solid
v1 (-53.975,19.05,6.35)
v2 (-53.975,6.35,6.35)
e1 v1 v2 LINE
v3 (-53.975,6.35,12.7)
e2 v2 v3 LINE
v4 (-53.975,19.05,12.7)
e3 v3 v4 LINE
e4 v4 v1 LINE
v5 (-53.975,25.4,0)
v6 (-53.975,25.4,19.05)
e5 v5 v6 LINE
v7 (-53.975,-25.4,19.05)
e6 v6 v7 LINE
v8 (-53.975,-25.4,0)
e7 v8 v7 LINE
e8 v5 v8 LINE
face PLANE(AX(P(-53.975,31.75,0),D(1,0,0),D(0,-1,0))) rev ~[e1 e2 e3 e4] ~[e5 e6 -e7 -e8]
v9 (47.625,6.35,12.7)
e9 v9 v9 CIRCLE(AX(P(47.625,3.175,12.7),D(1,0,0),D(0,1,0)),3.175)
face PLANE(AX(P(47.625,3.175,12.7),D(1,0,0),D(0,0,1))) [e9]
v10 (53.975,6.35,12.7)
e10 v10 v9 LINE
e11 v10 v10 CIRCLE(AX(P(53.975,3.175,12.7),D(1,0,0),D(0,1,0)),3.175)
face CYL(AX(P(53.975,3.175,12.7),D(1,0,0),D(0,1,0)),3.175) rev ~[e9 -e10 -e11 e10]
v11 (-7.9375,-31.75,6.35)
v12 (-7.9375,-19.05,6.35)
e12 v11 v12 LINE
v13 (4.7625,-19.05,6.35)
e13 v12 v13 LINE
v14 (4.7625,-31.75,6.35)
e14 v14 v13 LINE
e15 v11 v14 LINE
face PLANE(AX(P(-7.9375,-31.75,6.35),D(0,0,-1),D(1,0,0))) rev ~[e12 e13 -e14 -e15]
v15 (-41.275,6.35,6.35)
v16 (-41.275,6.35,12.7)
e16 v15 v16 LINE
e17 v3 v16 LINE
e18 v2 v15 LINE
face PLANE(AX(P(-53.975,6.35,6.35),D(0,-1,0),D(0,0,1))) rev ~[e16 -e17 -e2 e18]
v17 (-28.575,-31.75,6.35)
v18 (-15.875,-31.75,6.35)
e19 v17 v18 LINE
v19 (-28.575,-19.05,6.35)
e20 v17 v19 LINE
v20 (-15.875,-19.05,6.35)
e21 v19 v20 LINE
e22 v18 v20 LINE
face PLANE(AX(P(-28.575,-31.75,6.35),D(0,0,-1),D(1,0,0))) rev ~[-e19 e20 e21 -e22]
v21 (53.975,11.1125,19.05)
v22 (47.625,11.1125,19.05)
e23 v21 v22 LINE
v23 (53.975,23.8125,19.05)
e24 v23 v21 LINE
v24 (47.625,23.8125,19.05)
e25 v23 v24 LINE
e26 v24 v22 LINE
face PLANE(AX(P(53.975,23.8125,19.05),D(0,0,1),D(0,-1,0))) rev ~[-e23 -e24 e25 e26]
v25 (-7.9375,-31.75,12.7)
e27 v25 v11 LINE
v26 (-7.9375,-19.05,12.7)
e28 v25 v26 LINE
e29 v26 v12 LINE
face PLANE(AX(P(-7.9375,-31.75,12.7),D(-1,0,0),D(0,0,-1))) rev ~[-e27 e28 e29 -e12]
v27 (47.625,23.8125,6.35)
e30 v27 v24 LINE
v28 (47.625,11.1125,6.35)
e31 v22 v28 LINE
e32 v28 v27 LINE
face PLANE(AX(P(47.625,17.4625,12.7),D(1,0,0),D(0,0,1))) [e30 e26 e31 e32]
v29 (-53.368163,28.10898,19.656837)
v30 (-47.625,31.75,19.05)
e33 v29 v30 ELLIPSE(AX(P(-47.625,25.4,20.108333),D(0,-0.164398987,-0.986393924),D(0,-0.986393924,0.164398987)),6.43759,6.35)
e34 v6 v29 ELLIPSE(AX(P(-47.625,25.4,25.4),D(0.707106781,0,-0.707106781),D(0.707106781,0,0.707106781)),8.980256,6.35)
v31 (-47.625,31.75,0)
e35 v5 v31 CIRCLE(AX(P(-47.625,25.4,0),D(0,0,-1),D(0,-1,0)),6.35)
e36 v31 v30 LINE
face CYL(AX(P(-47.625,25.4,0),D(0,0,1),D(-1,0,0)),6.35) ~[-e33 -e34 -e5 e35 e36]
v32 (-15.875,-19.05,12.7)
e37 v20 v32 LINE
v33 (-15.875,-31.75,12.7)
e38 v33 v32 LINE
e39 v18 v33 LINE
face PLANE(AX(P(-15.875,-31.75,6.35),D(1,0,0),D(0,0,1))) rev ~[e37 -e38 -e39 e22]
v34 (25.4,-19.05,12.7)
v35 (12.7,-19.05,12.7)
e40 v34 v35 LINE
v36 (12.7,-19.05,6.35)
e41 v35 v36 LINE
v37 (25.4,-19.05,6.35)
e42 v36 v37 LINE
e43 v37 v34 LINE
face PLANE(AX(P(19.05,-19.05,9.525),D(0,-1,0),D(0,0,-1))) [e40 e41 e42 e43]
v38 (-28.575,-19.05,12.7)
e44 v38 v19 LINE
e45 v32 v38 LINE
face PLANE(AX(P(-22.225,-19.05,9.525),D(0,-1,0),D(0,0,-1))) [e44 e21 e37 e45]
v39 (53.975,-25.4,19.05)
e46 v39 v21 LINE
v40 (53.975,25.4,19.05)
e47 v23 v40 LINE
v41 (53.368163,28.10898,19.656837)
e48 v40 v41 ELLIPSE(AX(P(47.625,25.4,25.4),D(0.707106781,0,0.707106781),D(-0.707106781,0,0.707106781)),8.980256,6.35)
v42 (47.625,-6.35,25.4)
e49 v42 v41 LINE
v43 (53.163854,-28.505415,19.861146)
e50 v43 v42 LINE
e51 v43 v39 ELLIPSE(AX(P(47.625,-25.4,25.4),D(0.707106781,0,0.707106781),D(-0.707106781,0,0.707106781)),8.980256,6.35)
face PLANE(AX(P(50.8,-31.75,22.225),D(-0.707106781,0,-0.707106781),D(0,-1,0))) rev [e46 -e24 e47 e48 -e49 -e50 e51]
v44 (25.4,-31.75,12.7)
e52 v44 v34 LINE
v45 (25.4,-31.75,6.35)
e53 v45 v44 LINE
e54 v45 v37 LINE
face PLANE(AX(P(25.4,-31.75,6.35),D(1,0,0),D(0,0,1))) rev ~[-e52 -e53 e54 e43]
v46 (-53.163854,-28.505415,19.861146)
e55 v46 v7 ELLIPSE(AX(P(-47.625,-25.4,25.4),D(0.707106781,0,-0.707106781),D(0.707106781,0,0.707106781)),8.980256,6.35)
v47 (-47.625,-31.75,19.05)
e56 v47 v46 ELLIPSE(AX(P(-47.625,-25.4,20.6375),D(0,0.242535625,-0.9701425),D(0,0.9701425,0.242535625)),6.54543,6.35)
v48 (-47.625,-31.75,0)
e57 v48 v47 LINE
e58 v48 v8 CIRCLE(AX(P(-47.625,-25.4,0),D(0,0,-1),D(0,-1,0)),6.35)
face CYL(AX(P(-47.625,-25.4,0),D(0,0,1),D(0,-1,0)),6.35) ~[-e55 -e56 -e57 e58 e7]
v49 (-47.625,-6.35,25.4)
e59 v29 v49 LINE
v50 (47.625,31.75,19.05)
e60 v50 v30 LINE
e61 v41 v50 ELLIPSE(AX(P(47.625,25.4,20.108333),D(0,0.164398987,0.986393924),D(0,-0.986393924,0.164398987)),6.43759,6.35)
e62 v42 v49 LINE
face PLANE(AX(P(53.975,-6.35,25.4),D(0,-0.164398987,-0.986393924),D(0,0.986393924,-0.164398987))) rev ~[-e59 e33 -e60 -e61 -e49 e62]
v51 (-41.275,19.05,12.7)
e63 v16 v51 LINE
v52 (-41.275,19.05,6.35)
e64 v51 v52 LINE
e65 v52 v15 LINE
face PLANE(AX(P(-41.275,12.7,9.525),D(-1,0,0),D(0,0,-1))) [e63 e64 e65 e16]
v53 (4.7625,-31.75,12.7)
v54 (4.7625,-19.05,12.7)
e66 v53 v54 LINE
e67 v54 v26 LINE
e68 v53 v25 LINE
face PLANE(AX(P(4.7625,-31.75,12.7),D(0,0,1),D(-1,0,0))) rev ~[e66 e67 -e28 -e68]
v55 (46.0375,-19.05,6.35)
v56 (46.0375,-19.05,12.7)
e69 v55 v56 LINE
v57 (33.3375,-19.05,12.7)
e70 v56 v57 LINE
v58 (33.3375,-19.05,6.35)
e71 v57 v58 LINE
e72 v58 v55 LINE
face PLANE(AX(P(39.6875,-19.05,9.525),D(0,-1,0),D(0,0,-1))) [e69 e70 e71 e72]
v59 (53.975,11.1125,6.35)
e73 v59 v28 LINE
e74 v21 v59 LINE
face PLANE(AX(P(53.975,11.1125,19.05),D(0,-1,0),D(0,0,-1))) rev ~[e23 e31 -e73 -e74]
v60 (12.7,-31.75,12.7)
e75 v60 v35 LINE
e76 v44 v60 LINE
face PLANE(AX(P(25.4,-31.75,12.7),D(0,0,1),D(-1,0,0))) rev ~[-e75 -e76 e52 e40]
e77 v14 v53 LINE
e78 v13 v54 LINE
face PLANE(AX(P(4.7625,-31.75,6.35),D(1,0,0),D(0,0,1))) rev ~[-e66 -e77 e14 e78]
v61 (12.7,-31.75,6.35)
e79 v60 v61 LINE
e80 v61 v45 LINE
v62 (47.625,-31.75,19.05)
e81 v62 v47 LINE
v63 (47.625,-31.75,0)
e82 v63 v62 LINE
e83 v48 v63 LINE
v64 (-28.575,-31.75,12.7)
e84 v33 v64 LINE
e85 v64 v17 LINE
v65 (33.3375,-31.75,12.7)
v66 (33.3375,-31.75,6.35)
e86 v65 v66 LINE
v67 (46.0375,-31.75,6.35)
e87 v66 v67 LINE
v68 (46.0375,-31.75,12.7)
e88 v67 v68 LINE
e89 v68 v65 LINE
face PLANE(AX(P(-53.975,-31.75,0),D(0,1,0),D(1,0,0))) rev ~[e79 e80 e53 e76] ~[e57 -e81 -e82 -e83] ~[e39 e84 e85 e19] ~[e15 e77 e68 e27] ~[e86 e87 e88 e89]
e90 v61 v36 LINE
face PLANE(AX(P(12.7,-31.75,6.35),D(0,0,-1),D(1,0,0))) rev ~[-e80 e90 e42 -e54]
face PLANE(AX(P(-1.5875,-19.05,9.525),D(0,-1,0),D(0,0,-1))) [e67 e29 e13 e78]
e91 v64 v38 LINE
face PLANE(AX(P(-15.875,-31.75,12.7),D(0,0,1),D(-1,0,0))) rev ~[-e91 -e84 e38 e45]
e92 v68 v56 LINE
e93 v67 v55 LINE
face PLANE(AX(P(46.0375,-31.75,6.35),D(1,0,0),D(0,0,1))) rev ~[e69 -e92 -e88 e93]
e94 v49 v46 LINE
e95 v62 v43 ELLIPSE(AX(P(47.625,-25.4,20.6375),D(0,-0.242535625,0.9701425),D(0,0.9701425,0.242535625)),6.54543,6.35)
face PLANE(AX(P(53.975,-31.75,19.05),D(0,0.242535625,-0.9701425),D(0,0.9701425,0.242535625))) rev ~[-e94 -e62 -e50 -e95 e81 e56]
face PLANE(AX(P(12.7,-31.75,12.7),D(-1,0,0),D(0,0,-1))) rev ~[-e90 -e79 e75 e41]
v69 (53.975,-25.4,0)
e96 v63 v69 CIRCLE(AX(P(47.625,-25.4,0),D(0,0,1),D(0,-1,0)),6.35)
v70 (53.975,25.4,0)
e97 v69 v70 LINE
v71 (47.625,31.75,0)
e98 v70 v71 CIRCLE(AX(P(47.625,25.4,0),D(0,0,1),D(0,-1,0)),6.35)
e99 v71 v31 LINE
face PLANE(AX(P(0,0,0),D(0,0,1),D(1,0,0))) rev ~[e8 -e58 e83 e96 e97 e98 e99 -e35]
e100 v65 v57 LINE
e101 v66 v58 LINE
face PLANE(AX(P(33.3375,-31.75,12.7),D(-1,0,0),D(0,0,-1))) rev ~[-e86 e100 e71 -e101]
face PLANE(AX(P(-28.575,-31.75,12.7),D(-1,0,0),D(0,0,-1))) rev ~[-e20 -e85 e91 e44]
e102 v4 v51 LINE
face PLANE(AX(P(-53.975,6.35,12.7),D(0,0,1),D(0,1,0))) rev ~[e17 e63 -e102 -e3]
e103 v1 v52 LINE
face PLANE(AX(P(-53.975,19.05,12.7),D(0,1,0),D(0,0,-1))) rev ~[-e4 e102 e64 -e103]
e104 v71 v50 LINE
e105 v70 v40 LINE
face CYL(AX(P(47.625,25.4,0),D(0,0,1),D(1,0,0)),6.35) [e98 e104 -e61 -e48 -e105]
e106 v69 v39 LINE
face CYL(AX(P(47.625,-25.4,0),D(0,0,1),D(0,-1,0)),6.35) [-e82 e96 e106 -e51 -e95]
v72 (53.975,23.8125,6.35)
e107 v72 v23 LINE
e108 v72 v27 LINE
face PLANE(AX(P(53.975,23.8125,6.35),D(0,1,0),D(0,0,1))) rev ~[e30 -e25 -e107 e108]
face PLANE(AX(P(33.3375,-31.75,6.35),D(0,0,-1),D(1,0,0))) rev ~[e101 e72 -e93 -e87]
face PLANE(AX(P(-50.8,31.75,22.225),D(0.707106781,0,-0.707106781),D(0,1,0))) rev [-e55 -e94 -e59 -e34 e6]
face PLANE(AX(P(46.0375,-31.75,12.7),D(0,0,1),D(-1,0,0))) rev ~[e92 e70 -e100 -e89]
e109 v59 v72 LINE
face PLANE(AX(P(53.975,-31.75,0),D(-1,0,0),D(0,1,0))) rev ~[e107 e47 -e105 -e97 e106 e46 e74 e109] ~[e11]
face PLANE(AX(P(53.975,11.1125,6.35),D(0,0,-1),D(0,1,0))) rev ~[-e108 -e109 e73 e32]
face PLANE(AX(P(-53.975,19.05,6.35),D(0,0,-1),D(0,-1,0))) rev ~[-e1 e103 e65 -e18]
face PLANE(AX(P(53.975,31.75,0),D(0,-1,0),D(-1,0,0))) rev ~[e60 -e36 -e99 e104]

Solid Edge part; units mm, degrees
sketch "Sketch1" plane through (0, 0, 0) normal (0, 0, 1) x (1, 0, 0)
  line L0 (-53.975, -31.75) -> (53.975, -31.75)
  line L1 (53.975, -31.75) -> (53.975, 31.75)
  line L2 (53.975, 31.75) -> (-53.975, 31.75)
  line L3 (-53.975, 31.75) -> (-53.975, -31.75)
  dimension "D1" = 107.95
  dimension "D2" = 63.5
extrude "Protrusion1" add sketch "Sketch1" along normal blind 25.4
chamfer "Chamfer_1" distance 6.35 angle 45 2 edges at (-53.975, 0, 25.4) (53.975, 0, 25.4)
sketch "Sketch2" plane through (53.975, 0, 9.525) normal (1, 0, 0) x (0, 1, 0)
  line L0 (-6.35, 15.875) -> (-31.75, 15.875)
  line L1 (-31.75, 15.875) -> (-31.75, 9.525)
  line L2 (-31.75, 9.525) -> (-6.35, 15.875)
  line L3 (31.75, 15.875) -> (-6.35, 15.875)
  line L4 (-6.35, 15.875) -> (31.75, 9.525)
  line L5 (31.75, 9.525) -> (31.75, 15.875)
  dimension "D1" = 25.4
extrude "Cutout1" cut sketch "Sketch2" against normal through all
fillet "Round_1" radius 6.35 4 edges at (53.975, -31.75, 9.525) (53.975, 31.75, 9.525) (-53.975, 31.75, 9.525) (-53.975, -31.75, 9.525)
sketch "Sketch3" plane through (-53.975, 0, 9.525) normal (-1, 0, 0) x (0, -1, 0)
  line L0 (-19.05, -3.175) -> (-6.35, -3.175)
  line L1 (-6.35, -3.175) -> (-6.35, 3.175)
  line L2 (-6.35, 3.175) -> (-19.05, 3.175)
  line L3 (-19.05, 3.175) -> (-19.05, -3.175)
  dimension "D1" = 12.7
  dimension "D2" = 6.35
  dimension "D3" = 12.7
  dimension "D4" = 6.35
extrude "ExtrudedCutout_3" cut sketch "Sketch3" against normal blind 12.7
sketch "Sketch4" plane through (0, -31.75, 9.525) normal (0, -1, 0) x (1, 0, 0)
  line L0 (-28.575, -3.175) -> (-15.875, -3.175)
  line L1 (-15.875, -3.175) -> (-15.875, 3.175)
  line L2 (-15.875, 3.175) -> (-28.575, 3.175)
  line L3 (-28.575, 3.175) -> (-28.575, -3.175)
  line L4 (-7.9375, -3.175) -> (4.7625, -3.175)
  line L5 (4.7625, -3.175) -> (4.7625, 3.175)
  line L6 (4.7625, 3.175) -> (-7.9375, 3.175)
  line L7 (-7.9375, 3.175) -> (-7.9375, -3.175)
  line L8 (12.7, -3.175) -> (25.4, -3.175)
  line L9 (25.4, -3.175) -> (25.4, 3.175)
  line L10 (25.4, 3.175) -> (12.7, 3.175)
  line L11 (12.7, 3.175) -> (12.7, -3.175)
  line L12 (33.3375, -3.175) -> (46.0375, -3.175)
  line L13 (46.0375, -3.175) -> (46.0375, 3.175)
  line L14 (46.0375, 3.175) -> (33.3375, 3.175)
  line L15 (33.3375, 3.175) -> (33.3375, -3.175)
  dimension "D1" = 6.35
  dimension "D2" = 7.9375
  dimension "D3" = 7.9375
  dimension "D4" = 12.7
  dimension "D5" = 6.35
  dimension "D6" = 7.9375
  dimension "D7" = 7.9375
extrude "ExtrudedCutout_4" cut sketch "Sketch4" against normal blind 12.7
sketch "Sketch5" plane through (53.975, 0, 9.525) normal (1, 0, 0) x (0, 1, 0)
  circle A0 centre (3.175, 3.175) radius 3.175
  line L0 (11.1125, -3.175) -> (23.8125, -3.175)
  line L1 (23.8125, -3.175) -> (23.8125, 9.525)
  line L2 (23.8125, 9.525) -> (11.1125, 9.525)
  line L3 (11.1125, 9.525) -> (11.1125, -3.175)
  dimension "D1" = 12.7
  dimension "D2" = 34.925
  dimension "D3" = 12.7
  dimension "D4" = 12.7
  dimension "D5" = 7.9375
extrude "ExtrudedCutout_5" cut sketch "Sketch5" against normal blind 6.35
properties material "ABS Plastic, high impact"
